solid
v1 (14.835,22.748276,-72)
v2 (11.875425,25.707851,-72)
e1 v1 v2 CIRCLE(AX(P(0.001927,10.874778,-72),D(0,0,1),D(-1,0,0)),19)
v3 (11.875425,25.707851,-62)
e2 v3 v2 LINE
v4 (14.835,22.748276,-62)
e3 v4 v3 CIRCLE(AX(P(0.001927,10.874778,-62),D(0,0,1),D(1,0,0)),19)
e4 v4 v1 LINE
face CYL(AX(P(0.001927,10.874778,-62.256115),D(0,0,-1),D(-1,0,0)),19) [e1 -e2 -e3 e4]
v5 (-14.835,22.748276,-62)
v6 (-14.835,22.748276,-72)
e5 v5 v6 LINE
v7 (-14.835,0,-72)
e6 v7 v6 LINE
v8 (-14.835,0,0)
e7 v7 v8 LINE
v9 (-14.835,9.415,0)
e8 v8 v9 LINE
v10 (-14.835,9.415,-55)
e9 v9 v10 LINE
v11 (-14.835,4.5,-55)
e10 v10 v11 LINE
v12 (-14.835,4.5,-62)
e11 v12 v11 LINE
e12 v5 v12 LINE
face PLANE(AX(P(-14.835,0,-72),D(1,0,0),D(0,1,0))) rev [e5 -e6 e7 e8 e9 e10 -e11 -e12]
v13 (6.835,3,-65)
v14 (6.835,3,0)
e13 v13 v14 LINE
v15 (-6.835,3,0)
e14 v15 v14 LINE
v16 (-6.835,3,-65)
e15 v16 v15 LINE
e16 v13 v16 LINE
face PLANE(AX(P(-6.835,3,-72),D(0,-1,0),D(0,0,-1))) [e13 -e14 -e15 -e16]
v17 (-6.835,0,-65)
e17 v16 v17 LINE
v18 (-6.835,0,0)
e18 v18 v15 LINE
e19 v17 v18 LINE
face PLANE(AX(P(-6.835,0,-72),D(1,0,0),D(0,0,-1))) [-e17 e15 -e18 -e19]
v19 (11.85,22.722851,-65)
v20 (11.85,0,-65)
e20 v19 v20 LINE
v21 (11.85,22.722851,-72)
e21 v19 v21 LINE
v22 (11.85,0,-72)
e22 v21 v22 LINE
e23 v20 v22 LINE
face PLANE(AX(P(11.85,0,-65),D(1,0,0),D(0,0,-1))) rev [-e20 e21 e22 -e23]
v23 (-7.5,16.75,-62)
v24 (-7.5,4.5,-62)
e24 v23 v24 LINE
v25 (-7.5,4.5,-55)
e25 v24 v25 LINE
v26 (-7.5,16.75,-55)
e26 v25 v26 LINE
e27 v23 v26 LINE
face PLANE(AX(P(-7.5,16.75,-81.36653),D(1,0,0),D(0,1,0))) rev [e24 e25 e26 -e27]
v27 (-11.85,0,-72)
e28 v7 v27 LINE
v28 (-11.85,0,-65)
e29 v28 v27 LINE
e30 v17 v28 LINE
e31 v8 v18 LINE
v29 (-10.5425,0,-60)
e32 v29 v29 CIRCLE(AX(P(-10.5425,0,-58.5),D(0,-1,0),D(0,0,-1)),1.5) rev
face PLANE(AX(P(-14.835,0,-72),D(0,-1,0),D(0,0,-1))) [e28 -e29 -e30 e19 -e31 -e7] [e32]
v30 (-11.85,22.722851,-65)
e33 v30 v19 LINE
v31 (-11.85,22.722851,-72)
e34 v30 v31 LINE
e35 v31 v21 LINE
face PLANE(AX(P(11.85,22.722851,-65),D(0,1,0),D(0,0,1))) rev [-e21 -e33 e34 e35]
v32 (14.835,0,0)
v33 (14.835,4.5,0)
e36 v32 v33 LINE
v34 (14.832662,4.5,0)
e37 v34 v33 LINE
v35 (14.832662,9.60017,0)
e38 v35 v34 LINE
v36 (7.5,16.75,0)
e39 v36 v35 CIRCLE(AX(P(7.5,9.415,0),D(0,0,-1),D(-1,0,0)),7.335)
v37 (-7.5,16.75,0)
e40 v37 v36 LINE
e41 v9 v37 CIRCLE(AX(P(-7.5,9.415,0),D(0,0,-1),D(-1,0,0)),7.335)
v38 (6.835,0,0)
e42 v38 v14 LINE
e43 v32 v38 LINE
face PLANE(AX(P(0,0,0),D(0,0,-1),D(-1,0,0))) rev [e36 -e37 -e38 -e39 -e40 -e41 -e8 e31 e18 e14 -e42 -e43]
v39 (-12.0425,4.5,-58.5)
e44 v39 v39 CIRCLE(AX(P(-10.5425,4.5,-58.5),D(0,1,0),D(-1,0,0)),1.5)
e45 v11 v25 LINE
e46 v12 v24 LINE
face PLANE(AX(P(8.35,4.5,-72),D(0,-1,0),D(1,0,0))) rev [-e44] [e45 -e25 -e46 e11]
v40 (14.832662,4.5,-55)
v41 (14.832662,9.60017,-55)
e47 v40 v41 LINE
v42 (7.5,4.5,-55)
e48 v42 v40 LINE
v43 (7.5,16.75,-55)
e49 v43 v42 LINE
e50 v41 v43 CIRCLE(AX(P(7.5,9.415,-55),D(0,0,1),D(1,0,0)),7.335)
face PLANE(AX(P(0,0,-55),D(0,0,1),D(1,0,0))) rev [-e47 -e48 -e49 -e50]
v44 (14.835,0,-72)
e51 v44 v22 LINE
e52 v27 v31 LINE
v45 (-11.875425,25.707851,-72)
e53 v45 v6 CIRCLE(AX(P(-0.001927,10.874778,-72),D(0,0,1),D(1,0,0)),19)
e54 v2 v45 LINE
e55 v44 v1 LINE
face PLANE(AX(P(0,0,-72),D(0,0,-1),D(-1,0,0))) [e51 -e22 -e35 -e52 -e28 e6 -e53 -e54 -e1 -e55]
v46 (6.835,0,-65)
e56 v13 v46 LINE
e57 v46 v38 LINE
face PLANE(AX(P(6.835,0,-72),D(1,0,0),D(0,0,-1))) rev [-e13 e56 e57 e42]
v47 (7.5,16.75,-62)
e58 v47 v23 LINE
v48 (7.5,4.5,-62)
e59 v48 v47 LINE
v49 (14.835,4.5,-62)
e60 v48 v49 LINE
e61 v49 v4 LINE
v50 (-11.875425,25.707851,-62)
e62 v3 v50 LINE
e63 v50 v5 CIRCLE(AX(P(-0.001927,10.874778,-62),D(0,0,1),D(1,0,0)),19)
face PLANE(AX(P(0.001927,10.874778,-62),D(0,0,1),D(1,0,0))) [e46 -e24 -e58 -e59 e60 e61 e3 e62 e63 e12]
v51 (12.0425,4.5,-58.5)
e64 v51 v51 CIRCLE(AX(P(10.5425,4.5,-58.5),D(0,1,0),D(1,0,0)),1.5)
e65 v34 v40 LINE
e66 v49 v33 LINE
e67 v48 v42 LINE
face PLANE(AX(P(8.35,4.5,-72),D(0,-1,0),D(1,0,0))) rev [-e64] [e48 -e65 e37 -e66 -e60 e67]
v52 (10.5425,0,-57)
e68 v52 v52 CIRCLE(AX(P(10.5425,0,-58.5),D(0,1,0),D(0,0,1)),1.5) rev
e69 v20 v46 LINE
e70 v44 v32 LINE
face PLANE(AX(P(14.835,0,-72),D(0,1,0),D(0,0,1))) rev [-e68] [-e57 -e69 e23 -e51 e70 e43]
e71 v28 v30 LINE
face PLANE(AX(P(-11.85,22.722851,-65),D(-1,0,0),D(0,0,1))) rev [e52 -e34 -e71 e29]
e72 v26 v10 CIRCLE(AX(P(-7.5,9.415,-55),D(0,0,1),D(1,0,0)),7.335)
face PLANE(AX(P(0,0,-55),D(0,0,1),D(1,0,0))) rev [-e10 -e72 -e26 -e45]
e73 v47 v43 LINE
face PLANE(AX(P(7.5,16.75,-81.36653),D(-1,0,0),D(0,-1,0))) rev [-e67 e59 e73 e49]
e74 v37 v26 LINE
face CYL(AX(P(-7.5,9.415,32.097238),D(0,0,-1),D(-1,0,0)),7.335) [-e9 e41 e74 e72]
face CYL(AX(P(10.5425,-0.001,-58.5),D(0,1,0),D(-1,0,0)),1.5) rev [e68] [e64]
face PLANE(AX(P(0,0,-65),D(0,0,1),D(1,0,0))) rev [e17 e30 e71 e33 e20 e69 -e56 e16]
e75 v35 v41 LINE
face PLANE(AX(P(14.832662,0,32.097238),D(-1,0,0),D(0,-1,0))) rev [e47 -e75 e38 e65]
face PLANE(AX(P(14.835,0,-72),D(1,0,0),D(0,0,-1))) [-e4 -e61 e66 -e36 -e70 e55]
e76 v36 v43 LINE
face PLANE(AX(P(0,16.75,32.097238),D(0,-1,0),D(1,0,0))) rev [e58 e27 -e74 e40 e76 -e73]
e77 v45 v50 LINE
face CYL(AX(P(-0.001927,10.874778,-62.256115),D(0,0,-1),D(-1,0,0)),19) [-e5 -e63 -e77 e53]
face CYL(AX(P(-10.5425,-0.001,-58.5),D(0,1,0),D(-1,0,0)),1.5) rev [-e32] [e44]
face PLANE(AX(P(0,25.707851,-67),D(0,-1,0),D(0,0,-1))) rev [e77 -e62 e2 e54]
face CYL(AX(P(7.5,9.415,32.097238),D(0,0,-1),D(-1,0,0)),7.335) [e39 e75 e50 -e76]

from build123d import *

# Parameters (mm, degrees)
BOSS_EXTRUDE1_DEPTH = 72
BOSS_EXTRUDE3_DEPTH = 5
CUT_EXTRUDE4_DEPTH  = 5
BOSS_EXTRUDE4_DEPTH = 5
BOSS_EXTRUDE5_START = 7
BOSS_EXTRUDE5_DEPTH = 55
CUT_EXTRUDE8_DEPTH  = 5
SKETCH19_W          = 15
SKETCH19_H          = 12.25
BOSS_EXTRUDE8_DEPTH = 7
CUT_EXTRUDE9_REACH  = 78.51
SKETCH20_R          = 1.5
SKETCH21_W          = 23.7
SKETCH21_H          = 22.72285099
CUT_EXTRUDE10_DEPTH = 7


with BuildPart() as part:
    # Sketch1 → Boss-Extrude1 (new body)
    with BuildSketch(Plane.XY):
        Polygon((-14.835, 0), (-6.835, 0), (-6.835, 3), (6.835, 3), (6.835, 0), (14.835, 0), (14.835, 4.5), (8.35, 4.5), (-8.35, 4.5), (-14.835, 4.5), align=None)
    extrude(amount=-BOSS_EXTRUDE1_DEPTH)

    # Sketch8 → Boss-Extrude3 (add)
    with BuildSketch(Plane(origin=(0, 0, -72), x_dir=(-1, 0, 0), z_dir=(0, 0, -1))):
        Polygon((-14.835, 25.70785099), (-14.835, 0), (-10.35, 0), (-10.35, 21.22285099), (10.35, 21.22285099), (10.35, 0), (14.835, 0), (14.835, 25.70785099), align=None)
    extrude(amount=-BOSS_EXTRUDE3_DEPTH)

    # Sketch9 → Cut-Extrude4 (cut)
    with BuildSketch(Plane(origin=(0, 0, -72), x_dir=(-1, 0, 0), z_dir=(0, 0, -1))):
        with BuildLine():
            Line((-15.009070225, 25.881921215), (-15.009070225, 22.527488279))
            ThreePointArc((-15.009070225, 22.527488279), (-13.436955933, 24.309806923), (-11.654637289, 25.881921215))
            Line((-11.654637289, 25.881921215), (-15.009070225, 25.881921215))
        make_face()
        with BuildLine():
            Line((15.009070225, 25.881921215), (15.009070225, 22.527488279))
            ThreePointArc((15.009070225, 22.527488279), (13.436955933, 24.309806923), (11.654637289, 25.881921215))
            Line((11.654637289, 25.881921215), (15.009070225, 25.881921215))
        make_face()
    extrude(amount=-CUT_EXTRUDE4_DEPTH, mode=Mode.SUBTRACT)

    # Sketch11 → Boss-Extrude4 (add)
    with BuildSketch(Plane.XY.offset(-67)):
        with BuildLine():
            Line((14.835, 4.5), (14.835, 22.748275799))
            ThreePointArc((14.835, 22.748275799), (13.436955933, 24.309806923), (11.875424809, 25.70785099))
            Line((11.875424809, 25.70785099), (-11.875424809, 25.70785099))
            ThreePointArc((-11.875424809, 25.70785099), (-13.436955933, 24.309806923), (-14.835, 22.748275799))
            Line((-14.835, 22.748275799), (-14.835, 4.5))
            Line((-14.835, 4.5), (14.835, 4.5))
        make_face()
    extrude(amount=BOSS_EXTRUDE4_DEPTH)

    # Sketch12 → Boss-Extrude5 (add)
    with BuildSketch(Plane.XY.offset(-62).offset(BOSS_EXTRUDE5_START)):
        with BuildLine():
            Line((-14.835, 4.5), (14.832662348, 4.5))
            Line((14.832662348, 4.5), (14.832662348, 9.600169894))
            ThreePointArc((14.832662348, 9.600169894), (12.620742321, 14.666687642), (7.5, 16.75))
            Line((7.5, 16.75), (-7.5, 16.75))
            ThreePointArc((-7.5, 16.75), (-12.68662824, 14.60162824), (-14.835, 9.415))
            Line((-14.835, 9.415), (-14.835, 4.5))
        make_face()
    extrude(amount=BOSS_EXTRUDE5_DEPTH)

    # Sketch18 → Cut-Extrude8 (cut)
    with BuildSketch(Plane(origin=(0, 0, -72), x_dir=(-1, 0, 0), z_dir=(0, 0, -1))):
        Polygon((-10.35, 4.5), (-10.35, 0), (-6.835, 0), (-6.835, 3), (6.835, 3), (6.835, 0), (10.35, 0), (10.35, 4.5), align=None)
    extrude(amount=-CUT_EXTRUDE8_DEPTH, mode=Mode.SUBTRACT)

    # Sketch19 → Boss-Extrude8 (add)
    with BuildSketch(Plane(origin=(0, 0, -55), x_dir=(-1, 0, 0), z_dir=(0, 0, -1))):
        with Locations((0, 10.625)):
            Rectangle(SKETCH19_W, SKETCH19_H)
    extrude(amount=BOSS_EXTRUDE8_DEPTH)

    # Sketch20 → Cut-Extrude9 (cut, up to next)
    with BuildSketch(Plane(origin=(0, 4.5, 0), x_dir=(1, 0, 0), z_dir=(0, 1, 0)), mode=Mode.PRIVATE) as cut_extrude9_sk1:
        with Locations(Location((-10.5425, 58.5, 0), (0, 0, 180))):
            Circle(SKETCH20_R)
    cut_extrude9_tool1 = extrude(cut_extrude9_sk1.sketch, amount=-CUT_EXTRUDE9_REACH, mode=Mode.PRIVATE) & part.part
    # Sketch20 → Cut-Extrude9 (cut, up to next)
    with BuildSketch(Plane(origin=(0, 4.5, 0), x_dir=(1, 0, 0), z_dir=(0, 1, 0)), mode=Mode.PRIVATE) as cut_extrude9_sk2:
        with Locations(Location((10.5425, 58.5, 0), (0, 0, 270))):
            Circle(SKETCH20_R)
    cut_extrude9_tool2 = extrude(cut_extrude9_sk2.sketch, amount=-CUT_EXTRUDE9_REACH, mode=Mode.PRIVATE) & part.part
    add(cut_extrude9_tool1.solids().sort_by_distance((-10.5425, 4.5, -58.5))[0], mode=Mode.SUBTRACT)
    add(cut_extrude9_tool2.solids().sort_by_distance((10.5425, 4.5, -58.5))[0], mode=Mode.SUBTRACT)

    # Sketch21 → Cut-Extrude10 (cut)
    with BuildSketch(Plane(origin=(0, 0, -72), x_dir=(-1, 0, 0), z_dir=(0, 0, -1))):
        with Locations((0, 11.361425495)):
            Rectangle(SKETCH21_W, SKETCH21_H)
    extrude(amount=-CUT_EXTRUDE10_DEPTH, mode=Mode.SUBTRACT)


solid = part.part
